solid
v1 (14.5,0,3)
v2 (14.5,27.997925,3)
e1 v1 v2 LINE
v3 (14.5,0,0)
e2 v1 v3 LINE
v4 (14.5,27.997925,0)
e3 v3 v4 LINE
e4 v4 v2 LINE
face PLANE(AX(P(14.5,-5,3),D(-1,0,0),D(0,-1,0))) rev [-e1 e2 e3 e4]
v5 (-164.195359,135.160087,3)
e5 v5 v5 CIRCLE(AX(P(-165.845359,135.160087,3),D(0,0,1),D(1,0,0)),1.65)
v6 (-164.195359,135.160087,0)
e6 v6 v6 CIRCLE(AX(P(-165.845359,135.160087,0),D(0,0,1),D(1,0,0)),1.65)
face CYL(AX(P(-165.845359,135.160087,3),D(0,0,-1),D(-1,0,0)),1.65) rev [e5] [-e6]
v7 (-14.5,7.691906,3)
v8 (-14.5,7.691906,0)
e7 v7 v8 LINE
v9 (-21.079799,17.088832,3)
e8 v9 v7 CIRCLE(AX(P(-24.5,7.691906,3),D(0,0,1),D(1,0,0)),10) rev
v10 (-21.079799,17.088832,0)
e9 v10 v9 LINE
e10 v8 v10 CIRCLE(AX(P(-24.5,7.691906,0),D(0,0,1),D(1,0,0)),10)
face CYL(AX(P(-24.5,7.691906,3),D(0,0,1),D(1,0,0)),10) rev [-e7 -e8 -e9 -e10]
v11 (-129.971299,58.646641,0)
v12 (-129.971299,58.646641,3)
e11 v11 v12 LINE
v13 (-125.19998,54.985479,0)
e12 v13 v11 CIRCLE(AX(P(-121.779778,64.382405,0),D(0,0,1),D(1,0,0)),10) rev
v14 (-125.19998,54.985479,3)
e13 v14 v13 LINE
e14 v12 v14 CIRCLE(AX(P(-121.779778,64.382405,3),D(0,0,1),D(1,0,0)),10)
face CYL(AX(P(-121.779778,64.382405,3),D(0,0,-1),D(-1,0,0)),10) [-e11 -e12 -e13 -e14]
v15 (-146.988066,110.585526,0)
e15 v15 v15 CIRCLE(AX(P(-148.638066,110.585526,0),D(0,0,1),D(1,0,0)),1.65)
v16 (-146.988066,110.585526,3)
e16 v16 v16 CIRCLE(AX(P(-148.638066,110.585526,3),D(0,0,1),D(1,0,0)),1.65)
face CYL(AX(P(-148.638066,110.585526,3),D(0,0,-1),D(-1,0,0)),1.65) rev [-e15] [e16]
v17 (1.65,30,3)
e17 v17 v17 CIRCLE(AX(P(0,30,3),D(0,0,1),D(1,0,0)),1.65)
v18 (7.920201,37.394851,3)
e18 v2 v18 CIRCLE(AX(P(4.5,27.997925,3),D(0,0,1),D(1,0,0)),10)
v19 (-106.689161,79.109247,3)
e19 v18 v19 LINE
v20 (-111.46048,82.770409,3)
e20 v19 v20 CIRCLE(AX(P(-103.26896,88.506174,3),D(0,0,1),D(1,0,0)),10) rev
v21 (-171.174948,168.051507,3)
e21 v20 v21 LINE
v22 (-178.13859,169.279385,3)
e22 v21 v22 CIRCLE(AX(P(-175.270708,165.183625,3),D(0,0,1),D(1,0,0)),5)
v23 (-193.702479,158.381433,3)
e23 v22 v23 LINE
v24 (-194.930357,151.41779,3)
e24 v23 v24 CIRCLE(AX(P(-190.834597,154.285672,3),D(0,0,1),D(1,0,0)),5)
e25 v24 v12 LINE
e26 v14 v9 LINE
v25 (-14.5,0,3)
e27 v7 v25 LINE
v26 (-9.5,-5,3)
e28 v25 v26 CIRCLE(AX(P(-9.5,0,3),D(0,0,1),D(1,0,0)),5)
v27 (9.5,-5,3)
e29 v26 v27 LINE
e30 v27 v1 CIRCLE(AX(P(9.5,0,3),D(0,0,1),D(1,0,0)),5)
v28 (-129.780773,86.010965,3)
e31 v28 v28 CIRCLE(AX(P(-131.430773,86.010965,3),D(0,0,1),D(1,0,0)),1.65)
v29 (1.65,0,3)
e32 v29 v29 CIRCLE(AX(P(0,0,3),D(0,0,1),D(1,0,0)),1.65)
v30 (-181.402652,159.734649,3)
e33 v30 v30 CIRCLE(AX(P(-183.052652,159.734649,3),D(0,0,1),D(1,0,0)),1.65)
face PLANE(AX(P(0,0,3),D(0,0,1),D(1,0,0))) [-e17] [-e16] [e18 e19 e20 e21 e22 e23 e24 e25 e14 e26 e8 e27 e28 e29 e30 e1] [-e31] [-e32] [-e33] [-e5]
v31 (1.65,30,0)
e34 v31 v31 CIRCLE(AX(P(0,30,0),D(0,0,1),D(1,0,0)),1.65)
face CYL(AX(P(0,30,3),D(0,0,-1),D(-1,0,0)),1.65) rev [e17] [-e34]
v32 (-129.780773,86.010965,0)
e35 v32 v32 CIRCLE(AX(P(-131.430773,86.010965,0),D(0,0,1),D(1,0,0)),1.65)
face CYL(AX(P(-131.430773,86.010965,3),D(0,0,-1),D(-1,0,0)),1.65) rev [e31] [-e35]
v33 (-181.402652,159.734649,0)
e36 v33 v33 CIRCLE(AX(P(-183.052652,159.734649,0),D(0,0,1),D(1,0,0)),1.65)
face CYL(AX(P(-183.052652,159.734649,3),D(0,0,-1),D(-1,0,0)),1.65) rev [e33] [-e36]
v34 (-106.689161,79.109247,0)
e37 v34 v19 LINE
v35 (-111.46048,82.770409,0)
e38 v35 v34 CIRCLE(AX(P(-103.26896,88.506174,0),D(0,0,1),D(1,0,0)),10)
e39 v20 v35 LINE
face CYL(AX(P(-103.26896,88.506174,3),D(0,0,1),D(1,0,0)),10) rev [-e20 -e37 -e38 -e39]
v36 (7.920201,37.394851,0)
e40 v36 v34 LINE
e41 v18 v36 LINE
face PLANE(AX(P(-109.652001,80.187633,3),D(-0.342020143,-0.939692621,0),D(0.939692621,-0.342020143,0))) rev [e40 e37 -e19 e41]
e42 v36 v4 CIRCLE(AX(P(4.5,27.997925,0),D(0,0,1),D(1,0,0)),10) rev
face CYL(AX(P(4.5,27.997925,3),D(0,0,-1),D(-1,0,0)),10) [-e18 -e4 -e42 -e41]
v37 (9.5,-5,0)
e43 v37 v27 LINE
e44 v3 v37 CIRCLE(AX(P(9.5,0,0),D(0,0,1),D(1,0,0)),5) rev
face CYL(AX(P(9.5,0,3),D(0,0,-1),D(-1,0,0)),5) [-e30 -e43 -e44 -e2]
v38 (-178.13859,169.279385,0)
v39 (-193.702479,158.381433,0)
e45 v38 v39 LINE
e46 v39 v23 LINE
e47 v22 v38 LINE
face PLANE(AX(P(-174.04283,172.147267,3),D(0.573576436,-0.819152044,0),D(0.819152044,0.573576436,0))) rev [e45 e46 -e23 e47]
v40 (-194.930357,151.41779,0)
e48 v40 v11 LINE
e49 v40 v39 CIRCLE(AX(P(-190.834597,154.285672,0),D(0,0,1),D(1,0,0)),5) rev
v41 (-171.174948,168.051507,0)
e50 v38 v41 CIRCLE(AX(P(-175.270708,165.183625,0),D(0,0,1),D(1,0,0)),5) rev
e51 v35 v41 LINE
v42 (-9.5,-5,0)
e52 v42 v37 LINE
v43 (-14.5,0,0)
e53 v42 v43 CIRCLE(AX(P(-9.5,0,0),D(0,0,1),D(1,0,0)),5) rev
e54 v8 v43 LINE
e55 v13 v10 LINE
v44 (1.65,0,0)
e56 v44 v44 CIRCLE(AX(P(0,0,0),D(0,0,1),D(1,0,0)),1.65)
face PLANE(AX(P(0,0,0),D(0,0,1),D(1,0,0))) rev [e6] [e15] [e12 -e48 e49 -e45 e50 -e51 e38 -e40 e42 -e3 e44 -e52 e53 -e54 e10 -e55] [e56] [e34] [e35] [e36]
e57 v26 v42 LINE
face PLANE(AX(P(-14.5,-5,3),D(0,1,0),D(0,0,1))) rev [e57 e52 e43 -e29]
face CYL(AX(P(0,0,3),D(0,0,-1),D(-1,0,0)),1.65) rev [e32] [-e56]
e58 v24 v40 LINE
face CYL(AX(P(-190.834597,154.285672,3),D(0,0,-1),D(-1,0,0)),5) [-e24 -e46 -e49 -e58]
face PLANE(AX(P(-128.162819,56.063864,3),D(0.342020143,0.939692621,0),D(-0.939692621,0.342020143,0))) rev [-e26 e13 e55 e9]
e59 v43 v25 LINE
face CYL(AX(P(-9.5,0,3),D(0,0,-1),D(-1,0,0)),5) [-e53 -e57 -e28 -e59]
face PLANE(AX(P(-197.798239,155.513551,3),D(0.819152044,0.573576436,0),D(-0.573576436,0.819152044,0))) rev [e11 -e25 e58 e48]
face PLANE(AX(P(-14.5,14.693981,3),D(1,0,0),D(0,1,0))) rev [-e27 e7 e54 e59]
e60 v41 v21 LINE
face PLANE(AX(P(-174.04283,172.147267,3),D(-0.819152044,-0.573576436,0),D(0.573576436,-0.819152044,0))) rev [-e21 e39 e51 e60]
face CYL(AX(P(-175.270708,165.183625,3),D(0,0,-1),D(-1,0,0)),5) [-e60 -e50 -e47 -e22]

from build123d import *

# Parameters (mm, degrees)
SKETCH_1_R      = 1.65
EXTRUDE_1_DEPTH = 3
FILLET_1_R      = 10
FILLET_2_R      = 5


with BuildPart() as part:
    # 草图1 → 凸台-拉伸1 (new body)
    with BuildSketch(Plane.XY):
        Polygon((-14.5, -5), (14.5, -5), (14.5, 35), (-109.652000503, 80.187632708), (-174.042829775, 172.147267185), (-197.798239059, 155.513550531), (-128.162819072, 56.063864277), (-14.5, 14.693981392), align=None)
        Circle(SKETCH_1_R, mode=Mode.SUBTRACT)
        with Locations((0, 30)):
            Circle(SKETCH_1_R, mode=Mode.SUBTRACT)
        with Locations((-183.052652235, 159.734648636)):
            Circle(SKETCH_1_R, mode=Mode.SUBTRACT)
        with Locations((-165.845359145, 135.160087308)):
            Circle(SKETCH_1_R, mode=Mode.SUBTRACT)
        with Locations((-148.638066054, 110.585525979)):
            Circle(SKETCH_1_R, mode=Mode.SUBTRACT)
        with Locations((-131.430772964, 86.01096465)):
            Circle(SKETCH_1_R, mode=Mode.SUBTRACT)
    extrude(amount=EXTRUDE_1_DEPTH)

    # 圆角1
    fillet_1_edges = [part.edges().sort_by_distance(p)[0] for p in [
        (-14.5, 14.693981392, 1.5),
        (-128.162819072, 56.063864277, 1.5),
        (-109.652000503, 80.187632708, 1.5),
        (14.5, 35, 1.5),
    ]]
    fillet(fillet_1_edges, radius=FILLET_1_R)

    # 圆角2
    fillet_2_edges = [part.edges().sort_by_distance(p)[0] for p in [
        (-197.798239059, 155.513550531, 1.5),
        (-174.042829775, 172.147267185, 1.5),
        (14.5, -5, 1.5),
        (-14.5, -5, 1.5),
    ]]
    fillet(fillet_2_edges, radius=FILLET_2_R)


solid = part.part
